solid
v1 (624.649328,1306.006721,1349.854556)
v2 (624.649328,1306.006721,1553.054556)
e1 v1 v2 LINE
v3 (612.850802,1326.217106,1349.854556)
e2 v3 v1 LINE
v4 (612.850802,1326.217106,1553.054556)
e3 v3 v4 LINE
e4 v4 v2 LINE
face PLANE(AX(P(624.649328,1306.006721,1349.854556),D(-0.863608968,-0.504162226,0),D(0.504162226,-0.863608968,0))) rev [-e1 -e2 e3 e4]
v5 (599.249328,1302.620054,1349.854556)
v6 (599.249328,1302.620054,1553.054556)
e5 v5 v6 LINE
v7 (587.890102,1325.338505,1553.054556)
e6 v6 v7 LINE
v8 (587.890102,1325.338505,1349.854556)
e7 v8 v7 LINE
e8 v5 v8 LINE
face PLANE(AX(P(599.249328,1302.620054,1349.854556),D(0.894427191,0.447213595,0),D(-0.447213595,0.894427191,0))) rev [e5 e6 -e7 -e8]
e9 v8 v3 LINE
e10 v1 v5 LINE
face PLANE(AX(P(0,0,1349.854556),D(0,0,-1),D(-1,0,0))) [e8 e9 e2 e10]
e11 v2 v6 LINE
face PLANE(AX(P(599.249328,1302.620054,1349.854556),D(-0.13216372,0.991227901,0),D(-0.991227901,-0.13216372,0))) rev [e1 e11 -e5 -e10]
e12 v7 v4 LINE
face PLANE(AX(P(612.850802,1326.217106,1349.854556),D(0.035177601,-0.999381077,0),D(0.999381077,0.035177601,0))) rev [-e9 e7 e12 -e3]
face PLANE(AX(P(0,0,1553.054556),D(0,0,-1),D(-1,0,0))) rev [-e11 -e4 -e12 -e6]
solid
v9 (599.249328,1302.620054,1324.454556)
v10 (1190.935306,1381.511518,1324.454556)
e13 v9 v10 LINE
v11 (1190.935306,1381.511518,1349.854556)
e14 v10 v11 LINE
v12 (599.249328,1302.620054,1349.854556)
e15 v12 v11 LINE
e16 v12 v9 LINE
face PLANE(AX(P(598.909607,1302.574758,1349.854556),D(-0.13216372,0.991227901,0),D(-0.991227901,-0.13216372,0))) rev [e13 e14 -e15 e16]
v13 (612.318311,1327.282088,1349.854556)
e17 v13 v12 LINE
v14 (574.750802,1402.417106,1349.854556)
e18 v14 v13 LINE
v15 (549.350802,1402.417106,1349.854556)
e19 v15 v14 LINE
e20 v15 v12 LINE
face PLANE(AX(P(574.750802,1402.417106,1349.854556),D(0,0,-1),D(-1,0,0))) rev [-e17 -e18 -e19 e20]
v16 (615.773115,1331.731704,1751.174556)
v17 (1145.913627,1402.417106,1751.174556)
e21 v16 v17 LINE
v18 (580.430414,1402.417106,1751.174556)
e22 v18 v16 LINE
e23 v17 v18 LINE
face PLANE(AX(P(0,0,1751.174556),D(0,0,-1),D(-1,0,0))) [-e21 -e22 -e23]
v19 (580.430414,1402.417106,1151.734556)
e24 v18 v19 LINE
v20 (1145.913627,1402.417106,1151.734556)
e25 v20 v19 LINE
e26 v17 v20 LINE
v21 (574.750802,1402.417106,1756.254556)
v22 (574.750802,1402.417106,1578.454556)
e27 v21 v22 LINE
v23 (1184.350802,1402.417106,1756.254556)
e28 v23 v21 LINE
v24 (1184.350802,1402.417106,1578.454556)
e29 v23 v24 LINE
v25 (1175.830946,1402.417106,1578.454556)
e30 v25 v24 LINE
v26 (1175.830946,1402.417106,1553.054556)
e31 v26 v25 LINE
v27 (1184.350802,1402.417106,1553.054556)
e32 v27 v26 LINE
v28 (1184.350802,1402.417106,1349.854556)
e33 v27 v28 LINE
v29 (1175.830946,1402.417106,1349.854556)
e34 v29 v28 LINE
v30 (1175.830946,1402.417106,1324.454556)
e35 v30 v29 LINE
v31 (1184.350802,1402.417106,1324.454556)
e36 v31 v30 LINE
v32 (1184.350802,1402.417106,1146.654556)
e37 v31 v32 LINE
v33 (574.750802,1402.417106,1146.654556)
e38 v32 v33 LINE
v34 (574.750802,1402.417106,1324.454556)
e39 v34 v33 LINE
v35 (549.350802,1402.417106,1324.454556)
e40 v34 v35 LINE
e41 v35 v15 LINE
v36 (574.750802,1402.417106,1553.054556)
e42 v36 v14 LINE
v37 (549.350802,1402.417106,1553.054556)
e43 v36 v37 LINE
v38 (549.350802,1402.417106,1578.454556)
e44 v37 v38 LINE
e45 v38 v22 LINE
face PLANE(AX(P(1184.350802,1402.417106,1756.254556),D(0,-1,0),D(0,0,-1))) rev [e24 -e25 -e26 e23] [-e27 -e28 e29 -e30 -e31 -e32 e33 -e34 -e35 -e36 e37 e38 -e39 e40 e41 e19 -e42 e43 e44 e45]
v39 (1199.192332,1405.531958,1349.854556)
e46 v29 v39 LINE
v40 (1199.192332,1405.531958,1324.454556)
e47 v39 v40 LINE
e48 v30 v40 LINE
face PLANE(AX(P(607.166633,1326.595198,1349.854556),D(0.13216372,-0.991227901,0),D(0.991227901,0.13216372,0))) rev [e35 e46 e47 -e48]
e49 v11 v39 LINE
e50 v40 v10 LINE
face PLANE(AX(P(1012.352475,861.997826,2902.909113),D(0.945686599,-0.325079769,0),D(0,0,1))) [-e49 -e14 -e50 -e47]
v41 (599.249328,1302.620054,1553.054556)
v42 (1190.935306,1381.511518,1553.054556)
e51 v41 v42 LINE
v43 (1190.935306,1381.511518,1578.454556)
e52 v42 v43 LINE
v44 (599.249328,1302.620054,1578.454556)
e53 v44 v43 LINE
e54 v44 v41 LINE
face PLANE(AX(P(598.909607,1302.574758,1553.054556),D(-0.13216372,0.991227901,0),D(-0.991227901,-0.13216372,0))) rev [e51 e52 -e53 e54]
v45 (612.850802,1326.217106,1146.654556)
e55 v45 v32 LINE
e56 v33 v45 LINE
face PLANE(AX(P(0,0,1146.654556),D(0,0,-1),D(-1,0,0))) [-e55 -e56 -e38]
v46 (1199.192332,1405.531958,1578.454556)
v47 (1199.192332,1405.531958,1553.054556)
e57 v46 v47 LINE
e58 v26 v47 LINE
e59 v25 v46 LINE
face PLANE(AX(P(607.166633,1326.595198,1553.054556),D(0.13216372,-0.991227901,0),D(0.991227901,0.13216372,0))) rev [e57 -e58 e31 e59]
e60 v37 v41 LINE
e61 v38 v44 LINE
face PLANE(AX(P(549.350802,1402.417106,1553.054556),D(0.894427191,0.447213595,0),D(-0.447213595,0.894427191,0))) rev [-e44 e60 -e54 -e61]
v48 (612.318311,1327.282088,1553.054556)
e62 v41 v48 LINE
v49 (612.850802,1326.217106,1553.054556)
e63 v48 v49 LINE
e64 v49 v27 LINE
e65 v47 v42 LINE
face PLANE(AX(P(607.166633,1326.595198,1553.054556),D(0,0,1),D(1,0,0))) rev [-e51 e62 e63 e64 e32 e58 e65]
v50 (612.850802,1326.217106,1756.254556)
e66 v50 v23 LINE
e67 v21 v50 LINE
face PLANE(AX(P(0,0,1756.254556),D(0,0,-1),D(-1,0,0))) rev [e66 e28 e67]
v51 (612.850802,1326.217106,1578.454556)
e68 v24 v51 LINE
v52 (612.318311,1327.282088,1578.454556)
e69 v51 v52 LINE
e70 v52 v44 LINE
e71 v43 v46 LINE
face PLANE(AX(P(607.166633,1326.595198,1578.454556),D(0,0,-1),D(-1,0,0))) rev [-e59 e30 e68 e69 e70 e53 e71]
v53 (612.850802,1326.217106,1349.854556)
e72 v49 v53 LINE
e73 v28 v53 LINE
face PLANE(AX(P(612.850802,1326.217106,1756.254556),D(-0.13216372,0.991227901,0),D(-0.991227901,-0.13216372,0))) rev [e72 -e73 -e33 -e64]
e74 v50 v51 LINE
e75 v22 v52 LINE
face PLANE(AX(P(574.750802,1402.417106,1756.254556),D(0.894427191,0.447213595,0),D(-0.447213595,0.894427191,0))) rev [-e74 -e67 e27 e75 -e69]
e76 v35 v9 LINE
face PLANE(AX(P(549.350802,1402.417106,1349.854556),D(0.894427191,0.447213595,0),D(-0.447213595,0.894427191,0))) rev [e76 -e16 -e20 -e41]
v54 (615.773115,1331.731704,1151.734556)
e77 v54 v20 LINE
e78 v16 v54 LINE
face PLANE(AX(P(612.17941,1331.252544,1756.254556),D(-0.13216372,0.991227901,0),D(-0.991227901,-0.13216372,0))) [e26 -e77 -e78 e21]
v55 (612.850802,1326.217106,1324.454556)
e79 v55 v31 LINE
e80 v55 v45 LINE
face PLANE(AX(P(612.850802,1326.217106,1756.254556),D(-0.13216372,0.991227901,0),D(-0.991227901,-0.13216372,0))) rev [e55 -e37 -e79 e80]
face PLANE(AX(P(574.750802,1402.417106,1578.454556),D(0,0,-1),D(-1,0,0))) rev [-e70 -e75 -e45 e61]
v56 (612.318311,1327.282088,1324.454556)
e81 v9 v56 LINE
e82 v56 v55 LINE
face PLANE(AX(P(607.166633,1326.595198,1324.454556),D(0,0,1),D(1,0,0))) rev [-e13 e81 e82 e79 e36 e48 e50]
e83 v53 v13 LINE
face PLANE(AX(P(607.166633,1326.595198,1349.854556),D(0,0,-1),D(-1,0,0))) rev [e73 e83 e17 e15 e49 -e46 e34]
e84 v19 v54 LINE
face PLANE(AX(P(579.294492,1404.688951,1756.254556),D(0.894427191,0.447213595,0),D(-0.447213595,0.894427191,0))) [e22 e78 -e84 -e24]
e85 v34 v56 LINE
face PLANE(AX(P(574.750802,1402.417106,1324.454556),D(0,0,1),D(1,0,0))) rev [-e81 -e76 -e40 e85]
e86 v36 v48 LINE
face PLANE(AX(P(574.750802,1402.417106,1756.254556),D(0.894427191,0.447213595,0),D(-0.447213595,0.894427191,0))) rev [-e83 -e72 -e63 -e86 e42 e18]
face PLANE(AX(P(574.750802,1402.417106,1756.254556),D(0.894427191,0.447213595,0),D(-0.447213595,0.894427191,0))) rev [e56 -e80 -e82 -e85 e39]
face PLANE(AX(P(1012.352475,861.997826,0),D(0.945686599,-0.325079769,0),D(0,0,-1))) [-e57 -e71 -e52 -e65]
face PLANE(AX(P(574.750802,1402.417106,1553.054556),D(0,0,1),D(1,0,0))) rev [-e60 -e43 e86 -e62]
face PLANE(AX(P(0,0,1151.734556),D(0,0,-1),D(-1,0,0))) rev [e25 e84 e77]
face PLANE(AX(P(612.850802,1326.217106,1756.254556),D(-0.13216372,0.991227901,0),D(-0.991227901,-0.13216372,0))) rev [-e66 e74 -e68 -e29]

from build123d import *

# Parameters (mm, degrees)
BOSS_EXTRUDE1_DEPTH = 609.6
SHELL1_T            = -5.08
SKETCH1_W           = 25.4
SKETCH1_H           = 25.4
BOSS_EXTRUDE5_DEPTH = 203.2


with BuildPart() as part:
    # 3DSketch1 → Boss-Extrude1 (new body)
    with BuildSketch(Plane(origin=(574.750801769, 1402.417106037, 1756.25455637), x_dir=(1, 0, 0), z_dir=(0, 0, -1))):
        Polygon((0, 0), (38.1, 76.2), (609.6, 0), align=None)
    extrude(amount=BOSS_EXTRUDE1_DEPTH)

    # Shell1
    shell1_openings = [part.faces().sort_by_distance(p)[0] for p in [
        (879.550801769, 1402.417106037, 1451.45455637),
    ]]
    offset(amount=SHELL1_T, openings=shell1_openings, kind=Kind.INTERSECTION)

    # Sweep1: sweep along a path in Sketch3
    with BuildLine(Plane.XY.offset(1565.75455637)) as sweep1_path:
        Line((562.050801769, 1402.417106037), (605.783819273, 1314.951071029))
        Line((605.783819273, 1314.951071029), (1195.063819273, 1393.521737696))
    # Sketch1 → Sweep1 (sweep)
    with BuildSketch(Plane(origin=(0, 1402.417106037, 0), x_dir=(1, 0, 0), z_dir=(0, 1, 0))):
        with Locations((562.050801769, -1565.75455637)):
            Rectangle(SKETCH1_W, SKETCH1_H)
    sweep1 = sweep(path=sweep1_path.line, transition=Transition.RIGHT)

    # Mirror1: Sweep1 across plane
    add(sweep1.mirror(Plane.XY.offset(1451.45455637)))


with BuildPart() as body_2:
    # Sketch4 → Boss-Extrude5 (new body)
    with BuildSketch(Plane(origin=(0, 0, 1553.05455637), x_dir=(-1, 0, 0), z_dir=(0, 0, -1))):
        Polygon((-599.249327743, 1302.620054088), (-624.649327743, 1306.006720755), (-612.850801769, 1326.217106037), (-587.890102418, 1325.33850474), align=None)
    extrude(amount=BOSS_EXTRUDE5_DEPTH)


solid = Compound([part.part, body_2.part])
